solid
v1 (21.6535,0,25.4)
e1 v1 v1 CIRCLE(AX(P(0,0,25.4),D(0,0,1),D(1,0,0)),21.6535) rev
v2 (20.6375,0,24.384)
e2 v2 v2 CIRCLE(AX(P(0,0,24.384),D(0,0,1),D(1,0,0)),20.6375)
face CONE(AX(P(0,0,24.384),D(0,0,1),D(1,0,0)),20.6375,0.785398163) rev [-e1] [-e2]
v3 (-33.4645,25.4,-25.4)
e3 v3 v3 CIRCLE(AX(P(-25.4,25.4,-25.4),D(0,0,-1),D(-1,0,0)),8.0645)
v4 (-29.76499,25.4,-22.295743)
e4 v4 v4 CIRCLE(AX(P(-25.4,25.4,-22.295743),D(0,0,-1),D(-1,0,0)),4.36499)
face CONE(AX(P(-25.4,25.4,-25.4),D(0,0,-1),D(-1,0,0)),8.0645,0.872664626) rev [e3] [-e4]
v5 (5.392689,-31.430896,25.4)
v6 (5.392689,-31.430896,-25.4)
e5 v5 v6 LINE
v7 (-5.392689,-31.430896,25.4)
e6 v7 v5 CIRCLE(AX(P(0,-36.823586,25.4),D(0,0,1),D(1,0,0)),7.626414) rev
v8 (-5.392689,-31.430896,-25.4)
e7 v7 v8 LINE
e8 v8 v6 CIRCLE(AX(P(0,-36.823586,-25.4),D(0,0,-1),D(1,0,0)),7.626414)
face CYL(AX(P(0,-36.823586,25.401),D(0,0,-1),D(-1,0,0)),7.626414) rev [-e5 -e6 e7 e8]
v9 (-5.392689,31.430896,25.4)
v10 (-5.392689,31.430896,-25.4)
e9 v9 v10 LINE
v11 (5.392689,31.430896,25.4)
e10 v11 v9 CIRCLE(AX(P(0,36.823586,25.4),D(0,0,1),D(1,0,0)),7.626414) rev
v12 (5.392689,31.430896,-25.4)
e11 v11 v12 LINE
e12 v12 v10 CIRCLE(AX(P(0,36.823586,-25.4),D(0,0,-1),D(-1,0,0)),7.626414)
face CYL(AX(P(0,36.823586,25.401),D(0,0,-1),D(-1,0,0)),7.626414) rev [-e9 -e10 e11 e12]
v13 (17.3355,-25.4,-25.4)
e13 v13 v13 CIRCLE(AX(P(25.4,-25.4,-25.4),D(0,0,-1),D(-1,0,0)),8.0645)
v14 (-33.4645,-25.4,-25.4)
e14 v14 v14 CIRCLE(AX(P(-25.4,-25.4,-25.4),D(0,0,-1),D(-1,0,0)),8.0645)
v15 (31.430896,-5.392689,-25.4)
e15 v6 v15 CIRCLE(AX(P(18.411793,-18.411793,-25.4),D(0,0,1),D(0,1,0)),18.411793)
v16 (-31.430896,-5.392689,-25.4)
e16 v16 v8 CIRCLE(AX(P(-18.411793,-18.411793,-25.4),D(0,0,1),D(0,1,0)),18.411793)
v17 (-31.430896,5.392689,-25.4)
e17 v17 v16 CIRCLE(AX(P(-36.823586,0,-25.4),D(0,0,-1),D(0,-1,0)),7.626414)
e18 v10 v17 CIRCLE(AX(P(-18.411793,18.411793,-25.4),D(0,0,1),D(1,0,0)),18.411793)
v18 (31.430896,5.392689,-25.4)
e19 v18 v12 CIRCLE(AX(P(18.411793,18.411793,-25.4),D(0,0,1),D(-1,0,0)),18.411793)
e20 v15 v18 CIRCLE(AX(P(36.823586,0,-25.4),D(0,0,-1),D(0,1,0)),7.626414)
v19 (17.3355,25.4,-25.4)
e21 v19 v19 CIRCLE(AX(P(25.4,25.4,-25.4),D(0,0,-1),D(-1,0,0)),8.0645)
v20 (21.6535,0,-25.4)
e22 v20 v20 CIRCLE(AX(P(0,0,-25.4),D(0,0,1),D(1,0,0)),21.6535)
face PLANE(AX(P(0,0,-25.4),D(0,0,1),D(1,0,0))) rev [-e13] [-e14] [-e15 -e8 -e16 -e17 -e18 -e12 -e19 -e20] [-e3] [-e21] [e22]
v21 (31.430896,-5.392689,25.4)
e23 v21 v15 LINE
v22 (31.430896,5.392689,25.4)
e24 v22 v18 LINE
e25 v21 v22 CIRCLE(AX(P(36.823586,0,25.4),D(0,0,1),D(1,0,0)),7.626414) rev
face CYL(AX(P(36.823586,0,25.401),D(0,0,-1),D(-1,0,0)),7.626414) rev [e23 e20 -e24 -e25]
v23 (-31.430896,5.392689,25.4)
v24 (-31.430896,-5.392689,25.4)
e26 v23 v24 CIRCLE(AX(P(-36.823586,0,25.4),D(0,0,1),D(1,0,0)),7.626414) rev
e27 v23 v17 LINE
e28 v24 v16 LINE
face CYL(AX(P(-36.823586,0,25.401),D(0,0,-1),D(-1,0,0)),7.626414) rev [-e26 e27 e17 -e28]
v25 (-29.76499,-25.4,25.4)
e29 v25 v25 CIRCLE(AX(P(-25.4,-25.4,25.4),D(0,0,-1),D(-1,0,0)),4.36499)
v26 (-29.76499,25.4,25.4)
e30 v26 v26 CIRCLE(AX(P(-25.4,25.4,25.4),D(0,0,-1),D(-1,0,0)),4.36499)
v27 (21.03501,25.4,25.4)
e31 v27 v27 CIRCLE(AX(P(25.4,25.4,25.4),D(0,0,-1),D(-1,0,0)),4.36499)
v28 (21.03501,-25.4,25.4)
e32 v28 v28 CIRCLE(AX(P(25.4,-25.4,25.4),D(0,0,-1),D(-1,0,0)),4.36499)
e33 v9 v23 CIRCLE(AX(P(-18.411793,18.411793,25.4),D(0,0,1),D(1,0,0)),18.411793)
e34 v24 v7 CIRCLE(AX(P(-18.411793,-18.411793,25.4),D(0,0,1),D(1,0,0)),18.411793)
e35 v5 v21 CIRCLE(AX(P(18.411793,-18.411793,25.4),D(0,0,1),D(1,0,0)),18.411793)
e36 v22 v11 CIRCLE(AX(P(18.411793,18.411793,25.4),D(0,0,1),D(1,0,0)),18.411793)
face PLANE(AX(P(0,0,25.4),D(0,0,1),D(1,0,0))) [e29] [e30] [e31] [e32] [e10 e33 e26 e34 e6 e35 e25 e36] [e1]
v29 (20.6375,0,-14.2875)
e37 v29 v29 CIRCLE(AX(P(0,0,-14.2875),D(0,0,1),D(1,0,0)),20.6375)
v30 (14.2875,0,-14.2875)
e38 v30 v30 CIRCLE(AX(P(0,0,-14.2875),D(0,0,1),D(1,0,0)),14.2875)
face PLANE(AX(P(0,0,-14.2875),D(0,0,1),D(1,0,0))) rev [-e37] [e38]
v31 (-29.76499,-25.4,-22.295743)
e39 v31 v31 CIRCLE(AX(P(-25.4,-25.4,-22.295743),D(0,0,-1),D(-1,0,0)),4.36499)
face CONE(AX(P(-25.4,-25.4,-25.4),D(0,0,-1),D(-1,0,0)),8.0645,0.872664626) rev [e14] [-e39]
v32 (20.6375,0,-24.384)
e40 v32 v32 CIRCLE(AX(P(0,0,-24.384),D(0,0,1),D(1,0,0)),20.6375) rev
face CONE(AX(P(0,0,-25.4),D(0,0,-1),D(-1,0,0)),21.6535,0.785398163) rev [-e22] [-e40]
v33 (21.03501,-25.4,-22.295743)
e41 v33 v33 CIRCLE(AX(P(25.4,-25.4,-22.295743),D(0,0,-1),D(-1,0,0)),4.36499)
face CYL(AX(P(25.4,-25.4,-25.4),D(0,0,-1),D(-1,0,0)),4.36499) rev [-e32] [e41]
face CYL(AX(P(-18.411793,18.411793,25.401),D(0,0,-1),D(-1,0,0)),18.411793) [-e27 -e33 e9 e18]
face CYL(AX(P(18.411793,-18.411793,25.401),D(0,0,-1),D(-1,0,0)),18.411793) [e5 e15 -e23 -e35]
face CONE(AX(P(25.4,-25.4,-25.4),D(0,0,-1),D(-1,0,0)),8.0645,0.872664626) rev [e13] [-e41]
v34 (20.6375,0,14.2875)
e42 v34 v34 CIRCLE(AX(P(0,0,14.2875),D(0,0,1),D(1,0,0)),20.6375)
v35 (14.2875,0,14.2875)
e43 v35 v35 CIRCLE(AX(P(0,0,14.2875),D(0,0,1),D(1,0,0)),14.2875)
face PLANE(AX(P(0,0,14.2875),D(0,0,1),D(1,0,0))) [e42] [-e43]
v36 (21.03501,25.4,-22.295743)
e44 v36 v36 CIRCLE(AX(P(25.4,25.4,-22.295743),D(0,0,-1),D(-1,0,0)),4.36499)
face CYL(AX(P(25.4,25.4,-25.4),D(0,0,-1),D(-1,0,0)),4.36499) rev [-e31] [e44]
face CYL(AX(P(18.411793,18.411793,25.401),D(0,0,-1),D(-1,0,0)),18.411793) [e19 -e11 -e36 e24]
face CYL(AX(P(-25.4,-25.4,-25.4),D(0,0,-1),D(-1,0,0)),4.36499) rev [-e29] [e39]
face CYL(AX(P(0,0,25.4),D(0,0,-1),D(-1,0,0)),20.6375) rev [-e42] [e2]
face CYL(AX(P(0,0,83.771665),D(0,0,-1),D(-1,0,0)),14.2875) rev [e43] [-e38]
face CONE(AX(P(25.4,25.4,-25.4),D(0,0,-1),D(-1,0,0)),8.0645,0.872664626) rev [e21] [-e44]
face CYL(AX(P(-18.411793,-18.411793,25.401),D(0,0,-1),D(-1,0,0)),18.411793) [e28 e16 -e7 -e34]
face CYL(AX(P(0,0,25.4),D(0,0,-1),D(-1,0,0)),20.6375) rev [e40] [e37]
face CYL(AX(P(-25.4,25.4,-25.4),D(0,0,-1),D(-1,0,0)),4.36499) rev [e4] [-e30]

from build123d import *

# Parameters (mm, degrees)
SKETCH1_R                                           = 44.45
SKETCH1_R_2                                         = 3.96875
SKETCH1_R_3                                         = 20.6375
BOSS_EXTRUDE1_DEPTH                                 = 25.4
SKETCH2_R                                           = 20.6375
SKETCH2_R_2                                         = 14.2875
BOSS_EXTRUDE2_DEPTH                                 = 14.2875
SKETCH3_R                                           = 20.6375
SKETCH3_R_2                                         = 14.2875
BOSS_EXTRUDE3_DEPTH                                 = 14.2875
CHAMFER1_SIZE                                       = 1.016
CUT_EXTRUDE1_DEPTH                                  = 50.8
CIRPATTERN1_COUNT                                   = 4
CSK_FOR_5_16_FLAT_HEAD_MACHINE_SCREW_10_D           = 8.72998
CSK_FOR_5_16_FLAT_HEAD_MACHINE_SCREW_10_DEPTH       = 50.8
CSK_FOR_5_16_FLAT_HEAD_MACHINE_SCREW_10_CSINK_D     = 16.129
CSK_FOR_5_16_FLAT_HEAD_MACHINE_SCREW_10_CSINK_ANGLE = 100


with BuildPart() as part:
    # Sketch1 → Boss-Extrude1 (new body, symmetric)
    with BuildSketch(Plane.XY):
        Circle(SKETCH1_R)
        with Locations((-25.4, 25.4)):
            Circle(SKETCH1_R_2, mode=Mode.SUBTRACT)
        with Locations((25.4, 25.4)):
            Circle(SKETCH1_R_2, mode=Mode.SUBTRACT)
        with Locations((25.4, -25.4)):
            Circle(SKETCH1_R_2, mode=Mode.SUBTRACT)
        with Locations((-25.4, -25.4)):
            Circle(SKETCH1_R_2, mode=Mode.SUBTRACT)
        Circle(SKETCH1_R_3, mode=Mode.SUBTRACT)
    extrude(amount=BOSS_EXTRUDE1_DEPTH, both=True)

    # Sketch2 → Boss-Extrude2 (add)
    with BuildSketch(Plane.XY):
        Circle(SKETCH2_R)
        Circle(SKETCH2_R_2, mode=Mode.SUBTRACT)
    extrude(amount=BOSS_EXTRUDE2_DEPTH)

    # Sketch3 → Boss-Extrude3 (add)
    with BuildSketch(Plane(origin=(0, 0, 0), x_dir=(-1, 0, 0), z_dir=(0, 0, -1))):
        with Locations(Location((0, 0, 0), (0, 0, 180))):  # turned: the seam where the file's is
            Circle(SKETCH3_R)
        with Locations(Location((0, 0, 0), (0, 0, 180))):  # turned: the seam where the file's is
            Circle(SKETCH3_R_2, mode=Mode.SUBTRACT)
    extrude(amount=BOSS_EXTRUDE3_DEPTH)

    # Chamfer1
    chamfer1_edges = [part.edges().sort_by_distance(p)[0] for p in [
        (-20.6375, 0, -25.4),
        (-20.6375, 0, 25.4),
    ]]
    chamfer(chamfer1_edges, length=CHAMFER1_SIZE)

    # Sketch4 → Cut-Extrude1 (cut)
    with BuildSketch(Plane(origin=(0, 0, -25.4), x_dir=(-1, 0, 0), z_dir=(0, 0, -1))):
        with BuildLine():
            ThreePointArc((-5.392689271, 31.430896424), (-18.411792847, 36.823585695), (-31.430896424, 31.430896424))
            ThreePointArc((-31.430896424, 31.430896424), (0, 44.45), (31.430896424, 31.430896424))
            ThreePointArc((31.430896424, 31.430896424), (18.411792847, 36.823585695), (5.392689271, 31.430896424))
            ThreePointArc((5.392689271, 31.430896424), (0, 29.19717139), (-5.392689271, 31.430896424))
        make_face()
    cut_extrude1 = extrude(amount=-CUT_EXTRUDE1_DEPTH, mode=Mode.SUBTRACT)

    # CirPattern1: Cut-Extrude1 ×4 about axis
    cirpattern1_axis = Axis((0, 0, 0), (0, 0, 1))
    for i in range(1, CIRPATTERN1_COUNT):
        add(cut_extrude1.rotate(cirpattern1_axis, i * 360 / CIRPATTERN1_COUNT), mode=Mode.SUBTRACT)

    # CSK for 5/16 Flat Head Machine Screw (100)1
    with Locations(Plane(origin=(0, 0, -25.4), x_dir=(-1, 0, 0), z_dir=(0, 0, -1))):
        with Locations((25.4, 25.4), (-25.4, 25.4), (-25.4, -25.4), (25.4, -25.4)):
            CounterSinkHole(CSK_FOR_5_16_FLAT_HEAD_MACHINE_SCREW_10_D / 2, CSK_FOR_5_16_FLAT_HEAD_MACHINE_SCREW_10_CSINK_D / 2, depth=CSK_FOR_5_16_FLAT_HEAD_MACHINE_SCREW_10_DEPTH, counter_sink_angle=CSK_FOR_5_16_FLAT_HEAD_MACHINE_SCREW_10_CSINK_ANGLE)


solid = part.part
